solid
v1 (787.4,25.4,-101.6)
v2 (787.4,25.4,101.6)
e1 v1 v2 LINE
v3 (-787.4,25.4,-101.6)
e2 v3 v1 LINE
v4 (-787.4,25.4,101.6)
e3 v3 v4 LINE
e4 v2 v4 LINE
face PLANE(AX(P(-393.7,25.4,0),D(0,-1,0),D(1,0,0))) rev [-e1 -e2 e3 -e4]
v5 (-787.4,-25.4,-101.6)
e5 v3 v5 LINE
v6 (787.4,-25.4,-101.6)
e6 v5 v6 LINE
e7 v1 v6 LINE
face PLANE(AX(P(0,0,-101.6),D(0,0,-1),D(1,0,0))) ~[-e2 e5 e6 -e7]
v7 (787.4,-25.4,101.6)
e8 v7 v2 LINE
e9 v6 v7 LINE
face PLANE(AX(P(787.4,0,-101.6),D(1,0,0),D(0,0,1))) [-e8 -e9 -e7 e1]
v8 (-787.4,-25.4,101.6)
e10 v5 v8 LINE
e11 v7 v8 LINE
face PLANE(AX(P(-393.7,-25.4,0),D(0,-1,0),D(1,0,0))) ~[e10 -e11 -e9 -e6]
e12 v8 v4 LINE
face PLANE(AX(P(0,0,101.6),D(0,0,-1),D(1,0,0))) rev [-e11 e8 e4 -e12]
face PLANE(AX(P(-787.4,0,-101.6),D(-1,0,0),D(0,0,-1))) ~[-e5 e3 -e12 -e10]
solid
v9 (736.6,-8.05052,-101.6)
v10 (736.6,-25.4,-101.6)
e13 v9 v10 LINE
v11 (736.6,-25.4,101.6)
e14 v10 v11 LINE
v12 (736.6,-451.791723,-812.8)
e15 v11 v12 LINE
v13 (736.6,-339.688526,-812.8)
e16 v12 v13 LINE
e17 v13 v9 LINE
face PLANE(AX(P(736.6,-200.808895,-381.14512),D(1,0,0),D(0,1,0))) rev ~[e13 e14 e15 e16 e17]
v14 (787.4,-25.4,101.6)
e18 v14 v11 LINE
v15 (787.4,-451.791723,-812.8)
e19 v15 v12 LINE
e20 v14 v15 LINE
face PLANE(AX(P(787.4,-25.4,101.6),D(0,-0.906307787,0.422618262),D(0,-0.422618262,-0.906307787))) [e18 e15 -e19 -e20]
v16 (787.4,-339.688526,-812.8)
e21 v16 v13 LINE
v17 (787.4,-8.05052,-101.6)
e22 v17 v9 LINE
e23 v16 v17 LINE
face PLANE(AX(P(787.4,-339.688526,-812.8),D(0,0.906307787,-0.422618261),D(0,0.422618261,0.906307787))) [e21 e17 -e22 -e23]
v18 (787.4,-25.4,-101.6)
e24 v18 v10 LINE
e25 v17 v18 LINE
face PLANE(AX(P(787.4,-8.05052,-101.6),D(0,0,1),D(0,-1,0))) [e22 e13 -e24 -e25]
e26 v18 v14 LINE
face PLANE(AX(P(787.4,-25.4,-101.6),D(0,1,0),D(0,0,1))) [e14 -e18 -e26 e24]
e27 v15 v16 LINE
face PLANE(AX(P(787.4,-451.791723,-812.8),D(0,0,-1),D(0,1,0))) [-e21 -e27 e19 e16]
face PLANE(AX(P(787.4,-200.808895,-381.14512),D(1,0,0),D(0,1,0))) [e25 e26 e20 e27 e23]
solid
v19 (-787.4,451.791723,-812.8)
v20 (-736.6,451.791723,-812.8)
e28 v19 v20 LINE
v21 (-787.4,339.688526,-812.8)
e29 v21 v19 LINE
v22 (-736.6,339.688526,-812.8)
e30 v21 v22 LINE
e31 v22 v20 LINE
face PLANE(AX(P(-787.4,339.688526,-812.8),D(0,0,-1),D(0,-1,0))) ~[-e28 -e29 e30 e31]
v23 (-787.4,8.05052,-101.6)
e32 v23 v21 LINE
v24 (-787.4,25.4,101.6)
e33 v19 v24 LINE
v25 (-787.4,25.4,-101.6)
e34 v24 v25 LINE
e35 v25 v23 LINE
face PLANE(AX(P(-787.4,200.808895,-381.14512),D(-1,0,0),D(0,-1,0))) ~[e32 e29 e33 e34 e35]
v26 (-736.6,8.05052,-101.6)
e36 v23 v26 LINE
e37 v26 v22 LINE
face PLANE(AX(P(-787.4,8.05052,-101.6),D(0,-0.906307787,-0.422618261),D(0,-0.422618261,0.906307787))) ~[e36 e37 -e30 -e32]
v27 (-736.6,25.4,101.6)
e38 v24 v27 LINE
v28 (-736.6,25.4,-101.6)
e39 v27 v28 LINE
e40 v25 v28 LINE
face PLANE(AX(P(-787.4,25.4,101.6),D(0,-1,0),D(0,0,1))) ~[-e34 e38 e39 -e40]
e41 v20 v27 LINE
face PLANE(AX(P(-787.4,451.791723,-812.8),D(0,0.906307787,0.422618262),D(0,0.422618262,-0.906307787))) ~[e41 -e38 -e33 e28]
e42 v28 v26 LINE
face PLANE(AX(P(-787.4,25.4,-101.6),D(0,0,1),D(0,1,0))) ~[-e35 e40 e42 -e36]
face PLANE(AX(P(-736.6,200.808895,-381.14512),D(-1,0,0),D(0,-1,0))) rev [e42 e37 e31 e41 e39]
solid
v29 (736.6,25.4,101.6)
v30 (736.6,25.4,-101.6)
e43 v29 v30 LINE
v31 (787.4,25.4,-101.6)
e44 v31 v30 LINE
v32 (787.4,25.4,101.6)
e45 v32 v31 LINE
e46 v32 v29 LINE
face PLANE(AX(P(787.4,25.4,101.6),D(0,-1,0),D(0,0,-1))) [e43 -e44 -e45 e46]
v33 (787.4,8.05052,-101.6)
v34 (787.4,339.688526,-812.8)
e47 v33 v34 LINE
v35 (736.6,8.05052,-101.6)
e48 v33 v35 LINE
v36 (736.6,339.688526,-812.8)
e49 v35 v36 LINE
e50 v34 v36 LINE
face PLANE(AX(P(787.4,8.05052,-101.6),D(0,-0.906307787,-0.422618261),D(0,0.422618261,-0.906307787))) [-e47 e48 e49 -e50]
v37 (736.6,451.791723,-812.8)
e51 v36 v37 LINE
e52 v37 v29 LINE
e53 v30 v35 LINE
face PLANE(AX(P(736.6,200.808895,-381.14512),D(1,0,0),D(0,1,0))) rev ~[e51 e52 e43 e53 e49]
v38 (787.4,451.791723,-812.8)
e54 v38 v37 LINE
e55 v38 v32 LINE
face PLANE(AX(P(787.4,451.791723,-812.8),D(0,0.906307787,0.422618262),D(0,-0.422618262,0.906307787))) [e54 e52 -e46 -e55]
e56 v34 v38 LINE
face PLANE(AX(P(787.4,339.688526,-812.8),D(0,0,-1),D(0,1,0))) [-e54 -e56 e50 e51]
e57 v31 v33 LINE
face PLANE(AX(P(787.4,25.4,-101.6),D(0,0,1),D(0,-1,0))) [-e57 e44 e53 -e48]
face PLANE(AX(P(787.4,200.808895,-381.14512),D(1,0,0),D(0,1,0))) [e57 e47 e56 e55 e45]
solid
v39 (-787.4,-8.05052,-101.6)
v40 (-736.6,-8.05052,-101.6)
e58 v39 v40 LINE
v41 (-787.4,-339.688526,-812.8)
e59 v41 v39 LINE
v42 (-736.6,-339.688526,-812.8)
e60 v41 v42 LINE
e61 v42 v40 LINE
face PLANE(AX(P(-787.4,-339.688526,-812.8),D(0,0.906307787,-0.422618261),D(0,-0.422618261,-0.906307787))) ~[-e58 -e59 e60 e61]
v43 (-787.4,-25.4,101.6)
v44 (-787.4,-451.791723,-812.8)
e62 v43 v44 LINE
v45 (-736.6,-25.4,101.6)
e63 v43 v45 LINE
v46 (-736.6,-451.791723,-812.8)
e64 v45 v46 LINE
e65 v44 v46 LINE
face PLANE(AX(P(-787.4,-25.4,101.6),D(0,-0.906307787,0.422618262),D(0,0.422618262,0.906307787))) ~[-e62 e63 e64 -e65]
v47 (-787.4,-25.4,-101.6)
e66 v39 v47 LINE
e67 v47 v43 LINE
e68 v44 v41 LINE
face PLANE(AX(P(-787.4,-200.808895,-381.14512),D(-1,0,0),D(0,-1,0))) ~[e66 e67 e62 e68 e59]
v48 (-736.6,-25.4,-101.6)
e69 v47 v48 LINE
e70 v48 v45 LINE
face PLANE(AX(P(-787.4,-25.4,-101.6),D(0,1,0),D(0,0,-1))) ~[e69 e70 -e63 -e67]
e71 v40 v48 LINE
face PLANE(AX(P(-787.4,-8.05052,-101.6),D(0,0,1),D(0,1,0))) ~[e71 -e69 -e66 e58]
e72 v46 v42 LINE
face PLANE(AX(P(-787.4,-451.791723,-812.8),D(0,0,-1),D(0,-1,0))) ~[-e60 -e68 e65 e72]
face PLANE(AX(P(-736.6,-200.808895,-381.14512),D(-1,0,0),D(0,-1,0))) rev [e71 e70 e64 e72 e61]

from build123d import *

# Parameters (mm, degrees)
F0_W     = 787.4
F0_H     = 203.2
F1_DEPTH = 25.4
F3_DEPTH = 50.8


with BuildPart() as f1:
    # F0 (on Front) → F1 (new body, symmetric)
    with BuildSketch(Plane.XZ):
        with Locations((393.7, 0)):
            Rectangle(F0_W, F0_H)
    extrude(amount=F1_DEPTH, both=True)

    # F4: F1 across plane


with BuildPart() as f3:
    # F2 (on face) → F3 (new body)
    with BuildSketch(Plane.YZ.offset(787.4)):
        Polygon((-339.688526, -812.8), (-8.05052, -101.6), (-25.4, -101.6), (-25.4, 101.6), (-451.791723, -812.8), align=None)
        Polygon((25.4, 101.6), (25.4, -101.6), (8.05052, -101.6), (339.688526, -812.8), (451.791723, -812.8), align=None)
    extrude(amount=-F3_DEPTH)


with BuildPart() as f1_1:
    add(f1.part)
    add(f1.part.mirror(Plane.YZ))


with BuildPart() as f5_1:
    # F5: instance of F3
    add(f3.part.mirror(Plane.YZ))


solid = Compound([f3.part, f1_1.part, f5_1.part])
